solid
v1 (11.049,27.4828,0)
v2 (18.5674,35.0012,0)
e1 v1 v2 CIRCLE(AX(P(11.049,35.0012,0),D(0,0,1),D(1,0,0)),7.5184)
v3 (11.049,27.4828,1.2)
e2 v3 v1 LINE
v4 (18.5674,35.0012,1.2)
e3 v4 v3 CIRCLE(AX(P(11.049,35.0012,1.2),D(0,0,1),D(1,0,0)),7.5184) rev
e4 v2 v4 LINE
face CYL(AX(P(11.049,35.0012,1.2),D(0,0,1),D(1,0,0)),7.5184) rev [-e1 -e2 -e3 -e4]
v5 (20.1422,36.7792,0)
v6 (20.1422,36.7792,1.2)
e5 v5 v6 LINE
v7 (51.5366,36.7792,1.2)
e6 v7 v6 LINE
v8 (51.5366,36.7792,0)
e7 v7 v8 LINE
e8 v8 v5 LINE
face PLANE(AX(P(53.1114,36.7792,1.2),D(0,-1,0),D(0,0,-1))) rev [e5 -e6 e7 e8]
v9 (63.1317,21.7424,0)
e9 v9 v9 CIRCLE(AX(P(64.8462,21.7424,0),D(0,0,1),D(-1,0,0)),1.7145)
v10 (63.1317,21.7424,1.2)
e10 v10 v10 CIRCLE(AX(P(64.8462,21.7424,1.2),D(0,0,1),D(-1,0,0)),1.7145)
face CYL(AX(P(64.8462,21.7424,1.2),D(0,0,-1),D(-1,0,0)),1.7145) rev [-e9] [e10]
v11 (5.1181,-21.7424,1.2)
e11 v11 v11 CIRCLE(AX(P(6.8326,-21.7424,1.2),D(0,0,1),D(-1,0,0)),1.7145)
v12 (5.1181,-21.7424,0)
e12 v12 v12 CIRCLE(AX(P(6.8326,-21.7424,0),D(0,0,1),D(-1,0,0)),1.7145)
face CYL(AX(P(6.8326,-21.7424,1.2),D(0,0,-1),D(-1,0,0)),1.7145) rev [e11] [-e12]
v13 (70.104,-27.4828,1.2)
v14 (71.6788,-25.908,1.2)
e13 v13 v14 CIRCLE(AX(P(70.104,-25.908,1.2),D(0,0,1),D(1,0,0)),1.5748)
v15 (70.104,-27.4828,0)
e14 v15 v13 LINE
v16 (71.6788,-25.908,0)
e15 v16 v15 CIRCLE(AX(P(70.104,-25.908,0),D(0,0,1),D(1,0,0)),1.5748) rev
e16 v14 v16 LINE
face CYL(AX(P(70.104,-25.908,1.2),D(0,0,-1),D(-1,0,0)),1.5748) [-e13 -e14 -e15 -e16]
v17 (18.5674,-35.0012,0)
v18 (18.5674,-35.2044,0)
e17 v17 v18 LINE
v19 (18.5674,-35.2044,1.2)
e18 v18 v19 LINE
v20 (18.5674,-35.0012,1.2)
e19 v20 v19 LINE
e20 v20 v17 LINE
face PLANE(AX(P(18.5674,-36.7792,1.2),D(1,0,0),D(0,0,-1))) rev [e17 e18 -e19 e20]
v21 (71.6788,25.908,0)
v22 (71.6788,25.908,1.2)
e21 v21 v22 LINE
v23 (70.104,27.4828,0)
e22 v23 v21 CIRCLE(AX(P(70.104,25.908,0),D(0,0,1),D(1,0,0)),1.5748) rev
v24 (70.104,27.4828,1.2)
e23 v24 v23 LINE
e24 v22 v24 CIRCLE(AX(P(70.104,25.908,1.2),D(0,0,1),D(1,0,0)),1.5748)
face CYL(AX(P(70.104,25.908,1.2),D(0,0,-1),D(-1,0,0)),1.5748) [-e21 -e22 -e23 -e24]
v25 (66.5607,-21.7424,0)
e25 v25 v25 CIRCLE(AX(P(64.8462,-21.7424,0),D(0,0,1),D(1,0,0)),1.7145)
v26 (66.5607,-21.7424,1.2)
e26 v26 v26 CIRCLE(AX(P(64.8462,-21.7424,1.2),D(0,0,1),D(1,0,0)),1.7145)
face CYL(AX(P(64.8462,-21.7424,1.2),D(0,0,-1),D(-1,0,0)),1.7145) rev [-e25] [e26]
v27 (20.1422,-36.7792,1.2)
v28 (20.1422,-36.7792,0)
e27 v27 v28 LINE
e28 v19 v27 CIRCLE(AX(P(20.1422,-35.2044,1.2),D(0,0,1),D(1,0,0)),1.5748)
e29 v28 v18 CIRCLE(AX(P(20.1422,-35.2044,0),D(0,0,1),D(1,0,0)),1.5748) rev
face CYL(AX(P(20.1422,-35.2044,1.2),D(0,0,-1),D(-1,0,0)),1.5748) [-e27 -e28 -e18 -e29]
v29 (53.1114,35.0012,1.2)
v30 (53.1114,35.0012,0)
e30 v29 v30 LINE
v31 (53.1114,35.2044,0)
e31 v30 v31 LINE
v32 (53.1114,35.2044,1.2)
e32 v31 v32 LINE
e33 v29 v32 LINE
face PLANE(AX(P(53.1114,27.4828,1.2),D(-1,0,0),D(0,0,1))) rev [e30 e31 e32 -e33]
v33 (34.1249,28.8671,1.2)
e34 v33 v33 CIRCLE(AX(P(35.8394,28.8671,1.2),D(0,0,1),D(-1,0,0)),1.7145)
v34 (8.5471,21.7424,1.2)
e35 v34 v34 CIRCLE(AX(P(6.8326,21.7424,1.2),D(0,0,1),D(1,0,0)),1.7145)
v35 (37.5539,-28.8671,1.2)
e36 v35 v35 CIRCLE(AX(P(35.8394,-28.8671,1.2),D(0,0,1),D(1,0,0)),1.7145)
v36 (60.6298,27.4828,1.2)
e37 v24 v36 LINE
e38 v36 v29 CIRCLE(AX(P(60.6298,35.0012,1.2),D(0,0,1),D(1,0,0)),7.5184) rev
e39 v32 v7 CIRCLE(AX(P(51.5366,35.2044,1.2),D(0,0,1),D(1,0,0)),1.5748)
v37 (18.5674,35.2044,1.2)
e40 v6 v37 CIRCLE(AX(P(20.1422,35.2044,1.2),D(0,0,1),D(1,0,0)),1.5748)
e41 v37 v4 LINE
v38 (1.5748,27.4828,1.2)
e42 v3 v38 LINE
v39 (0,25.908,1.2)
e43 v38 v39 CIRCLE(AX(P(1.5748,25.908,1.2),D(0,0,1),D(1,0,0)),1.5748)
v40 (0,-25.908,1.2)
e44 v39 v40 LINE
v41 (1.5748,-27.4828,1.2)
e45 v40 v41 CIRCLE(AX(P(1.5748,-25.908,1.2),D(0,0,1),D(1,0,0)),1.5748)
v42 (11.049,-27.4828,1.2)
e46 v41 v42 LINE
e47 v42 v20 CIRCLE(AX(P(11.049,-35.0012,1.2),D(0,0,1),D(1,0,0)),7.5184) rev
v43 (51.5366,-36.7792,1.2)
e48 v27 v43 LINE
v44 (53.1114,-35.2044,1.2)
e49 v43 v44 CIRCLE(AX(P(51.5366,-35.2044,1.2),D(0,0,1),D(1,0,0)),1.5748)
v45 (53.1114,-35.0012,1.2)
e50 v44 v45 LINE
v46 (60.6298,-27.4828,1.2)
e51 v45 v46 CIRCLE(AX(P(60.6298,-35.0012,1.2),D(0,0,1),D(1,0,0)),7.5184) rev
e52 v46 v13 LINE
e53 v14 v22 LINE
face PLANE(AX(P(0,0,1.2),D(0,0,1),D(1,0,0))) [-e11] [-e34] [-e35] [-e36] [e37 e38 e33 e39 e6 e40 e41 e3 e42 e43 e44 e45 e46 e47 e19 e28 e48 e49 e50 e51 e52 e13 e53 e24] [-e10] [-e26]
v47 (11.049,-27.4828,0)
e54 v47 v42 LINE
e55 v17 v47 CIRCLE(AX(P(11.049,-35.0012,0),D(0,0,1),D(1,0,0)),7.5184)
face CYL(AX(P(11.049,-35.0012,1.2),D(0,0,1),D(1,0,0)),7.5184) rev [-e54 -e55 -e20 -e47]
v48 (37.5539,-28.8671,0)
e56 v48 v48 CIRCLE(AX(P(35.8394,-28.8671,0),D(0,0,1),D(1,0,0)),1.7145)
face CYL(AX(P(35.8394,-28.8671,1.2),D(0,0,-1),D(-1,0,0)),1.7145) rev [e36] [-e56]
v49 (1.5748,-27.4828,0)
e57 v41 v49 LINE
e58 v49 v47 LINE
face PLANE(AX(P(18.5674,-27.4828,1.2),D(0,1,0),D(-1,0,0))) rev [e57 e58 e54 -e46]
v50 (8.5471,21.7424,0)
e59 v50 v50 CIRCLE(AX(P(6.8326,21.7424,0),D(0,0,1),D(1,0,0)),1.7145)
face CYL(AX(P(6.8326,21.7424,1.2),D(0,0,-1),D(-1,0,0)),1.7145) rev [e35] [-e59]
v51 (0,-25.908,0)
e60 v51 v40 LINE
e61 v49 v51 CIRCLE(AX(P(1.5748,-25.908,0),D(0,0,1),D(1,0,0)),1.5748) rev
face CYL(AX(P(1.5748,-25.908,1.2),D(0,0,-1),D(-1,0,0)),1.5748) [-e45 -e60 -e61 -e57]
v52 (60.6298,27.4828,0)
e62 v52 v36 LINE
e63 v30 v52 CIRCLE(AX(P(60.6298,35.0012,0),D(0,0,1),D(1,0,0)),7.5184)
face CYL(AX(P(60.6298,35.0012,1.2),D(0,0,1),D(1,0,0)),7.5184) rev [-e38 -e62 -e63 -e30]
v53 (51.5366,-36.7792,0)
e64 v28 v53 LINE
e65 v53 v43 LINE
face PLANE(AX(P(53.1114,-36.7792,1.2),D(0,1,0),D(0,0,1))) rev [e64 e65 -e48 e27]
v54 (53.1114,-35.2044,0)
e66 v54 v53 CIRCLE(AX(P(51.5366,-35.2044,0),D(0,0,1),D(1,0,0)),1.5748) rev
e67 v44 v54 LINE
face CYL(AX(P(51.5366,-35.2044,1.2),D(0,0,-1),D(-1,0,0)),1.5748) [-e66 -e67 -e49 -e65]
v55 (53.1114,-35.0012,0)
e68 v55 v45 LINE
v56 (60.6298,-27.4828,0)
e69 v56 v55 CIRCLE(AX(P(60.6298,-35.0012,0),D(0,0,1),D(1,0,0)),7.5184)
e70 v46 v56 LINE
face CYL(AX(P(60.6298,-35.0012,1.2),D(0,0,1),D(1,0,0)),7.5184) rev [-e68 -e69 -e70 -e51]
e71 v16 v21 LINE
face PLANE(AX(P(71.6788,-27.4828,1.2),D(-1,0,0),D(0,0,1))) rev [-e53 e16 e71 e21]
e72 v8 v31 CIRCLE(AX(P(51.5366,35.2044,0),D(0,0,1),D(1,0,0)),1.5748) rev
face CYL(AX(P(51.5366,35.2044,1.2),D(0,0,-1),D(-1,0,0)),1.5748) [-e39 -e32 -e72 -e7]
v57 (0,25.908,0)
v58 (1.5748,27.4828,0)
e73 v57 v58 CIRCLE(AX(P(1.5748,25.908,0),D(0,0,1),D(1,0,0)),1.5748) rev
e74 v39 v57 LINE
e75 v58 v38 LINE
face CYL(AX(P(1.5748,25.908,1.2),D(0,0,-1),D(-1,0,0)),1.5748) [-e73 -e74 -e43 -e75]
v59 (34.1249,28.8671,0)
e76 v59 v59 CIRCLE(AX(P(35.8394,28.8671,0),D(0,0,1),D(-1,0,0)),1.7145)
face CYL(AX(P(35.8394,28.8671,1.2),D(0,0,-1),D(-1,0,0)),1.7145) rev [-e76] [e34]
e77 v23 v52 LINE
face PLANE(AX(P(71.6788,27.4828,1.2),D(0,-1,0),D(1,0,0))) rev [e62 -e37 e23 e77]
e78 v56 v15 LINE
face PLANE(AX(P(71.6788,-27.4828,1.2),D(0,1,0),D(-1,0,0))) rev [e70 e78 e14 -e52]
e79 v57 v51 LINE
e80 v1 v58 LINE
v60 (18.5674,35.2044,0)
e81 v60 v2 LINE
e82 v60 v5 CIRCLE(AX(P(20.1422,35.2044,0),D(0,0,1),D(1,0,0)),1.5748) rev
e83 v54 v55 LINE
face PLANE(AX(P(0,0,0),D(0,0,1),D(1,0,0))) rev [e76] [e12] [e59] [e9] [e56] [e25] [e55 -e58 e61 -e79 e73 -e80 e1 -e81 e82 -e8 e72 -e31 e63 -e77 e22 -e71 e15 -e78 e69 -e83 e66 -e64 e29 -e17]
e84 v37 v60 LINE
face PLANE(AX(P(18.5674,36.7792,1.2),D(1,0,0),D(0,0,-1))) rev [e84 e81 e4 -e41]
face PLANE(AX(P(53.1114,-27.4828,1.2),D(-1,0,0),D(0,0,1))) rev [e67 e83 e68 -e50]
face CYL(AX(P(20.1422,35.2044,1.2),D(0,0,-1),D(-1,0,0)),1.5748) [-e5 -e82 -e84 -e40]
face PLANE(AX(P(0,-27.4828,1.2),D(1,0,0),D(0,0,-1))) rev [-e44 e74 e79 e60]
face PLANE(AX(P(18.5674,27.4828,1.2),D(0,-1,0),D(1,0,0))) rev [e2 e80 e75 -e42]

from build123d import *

# Parameters (mm, degrees)
SKETCH1_R      = 1.7145
MAINBODY_DEPTH = 1.2
LARGEROUNDS_R  = 7.5184
SMALLROUNDS_R  = 1.5748


with BuildPart() as part:
    # Sketch1 → MainBody (new body)
    with BuildSketch(Plane.XY):
        Polygon((71.6788, -27.4828), (71.6788, 27.4828), (53.1114, 27.4828), (53.1114, 36.7792), (18.5674, 36.7792), (18.5674, 27.4828), (0, 27.4828), (0, -27.4828), (18.5674, -27.4828), (18.5674, -36.7792), (53.1114, -36.7792), (53.1114, -27.4828), align=None)
        with Locations((64.8462, -21.7424)):
            Circle(SKETCH1_R, mode=Mode.SUBTRACT)
        with Locations((6.8326, -21.7424)):
            Circle(SKETCH1_R, mode=Mode.SUBTRACT)
        with Locations((6.8326, 21.7424)):
            Circle(SKETCH1_R, mode=Mode.SUBTRACT)
        with Locations((64.8462, 21.7424)):
            Circle(SKETCH1_R, mode=Mode.SUBTRACT)
        with Locations((35.8394, -28.8671)):
            Circle(SKETCH1_R, mode=Mode.SUBTRACT)
        with Locations((35.8394, 28.8671)):
            Circle(SKETCH1_R, mode=Mode.SUBTRACT)
    extrude(amount=MAINBODY_DEPTH)

    # LargeRounds
    largerounds_edges = [part.edges().sort_by_distance(p)[0] for p in [
        (53.1114, -27.4828, 0.6),
        (18.5674, -27.4828, 0.6),
        (18.5674, 27.4828, 0.6),
        (53.1114, 27.4828, 0.6),
    ]]
    fillet(largerounds_edges, radius=LARGEROUNDS_R)

    # SmallRounds
    smallrounds_edges = [part.edges().sort_by_distance(p)[0] for p in [
        (53.1114, -36.7792, 0.6),
        (18.5674, -36.7792, 0.6),
        (0, -27.4828, 0.6),
        (0, 27.4828, 0.6),
        (18.5674, 36.7792, 0.6),
        (53.1114, 36.7792, 0.6),
        (71.6788, 27.4828, 0.6),
        (71.6788, -27.4828, 0.6),
    ]]
    fillet(smallrounds_edges, radius=SMALLROUNDS_R)


solid = part.part
